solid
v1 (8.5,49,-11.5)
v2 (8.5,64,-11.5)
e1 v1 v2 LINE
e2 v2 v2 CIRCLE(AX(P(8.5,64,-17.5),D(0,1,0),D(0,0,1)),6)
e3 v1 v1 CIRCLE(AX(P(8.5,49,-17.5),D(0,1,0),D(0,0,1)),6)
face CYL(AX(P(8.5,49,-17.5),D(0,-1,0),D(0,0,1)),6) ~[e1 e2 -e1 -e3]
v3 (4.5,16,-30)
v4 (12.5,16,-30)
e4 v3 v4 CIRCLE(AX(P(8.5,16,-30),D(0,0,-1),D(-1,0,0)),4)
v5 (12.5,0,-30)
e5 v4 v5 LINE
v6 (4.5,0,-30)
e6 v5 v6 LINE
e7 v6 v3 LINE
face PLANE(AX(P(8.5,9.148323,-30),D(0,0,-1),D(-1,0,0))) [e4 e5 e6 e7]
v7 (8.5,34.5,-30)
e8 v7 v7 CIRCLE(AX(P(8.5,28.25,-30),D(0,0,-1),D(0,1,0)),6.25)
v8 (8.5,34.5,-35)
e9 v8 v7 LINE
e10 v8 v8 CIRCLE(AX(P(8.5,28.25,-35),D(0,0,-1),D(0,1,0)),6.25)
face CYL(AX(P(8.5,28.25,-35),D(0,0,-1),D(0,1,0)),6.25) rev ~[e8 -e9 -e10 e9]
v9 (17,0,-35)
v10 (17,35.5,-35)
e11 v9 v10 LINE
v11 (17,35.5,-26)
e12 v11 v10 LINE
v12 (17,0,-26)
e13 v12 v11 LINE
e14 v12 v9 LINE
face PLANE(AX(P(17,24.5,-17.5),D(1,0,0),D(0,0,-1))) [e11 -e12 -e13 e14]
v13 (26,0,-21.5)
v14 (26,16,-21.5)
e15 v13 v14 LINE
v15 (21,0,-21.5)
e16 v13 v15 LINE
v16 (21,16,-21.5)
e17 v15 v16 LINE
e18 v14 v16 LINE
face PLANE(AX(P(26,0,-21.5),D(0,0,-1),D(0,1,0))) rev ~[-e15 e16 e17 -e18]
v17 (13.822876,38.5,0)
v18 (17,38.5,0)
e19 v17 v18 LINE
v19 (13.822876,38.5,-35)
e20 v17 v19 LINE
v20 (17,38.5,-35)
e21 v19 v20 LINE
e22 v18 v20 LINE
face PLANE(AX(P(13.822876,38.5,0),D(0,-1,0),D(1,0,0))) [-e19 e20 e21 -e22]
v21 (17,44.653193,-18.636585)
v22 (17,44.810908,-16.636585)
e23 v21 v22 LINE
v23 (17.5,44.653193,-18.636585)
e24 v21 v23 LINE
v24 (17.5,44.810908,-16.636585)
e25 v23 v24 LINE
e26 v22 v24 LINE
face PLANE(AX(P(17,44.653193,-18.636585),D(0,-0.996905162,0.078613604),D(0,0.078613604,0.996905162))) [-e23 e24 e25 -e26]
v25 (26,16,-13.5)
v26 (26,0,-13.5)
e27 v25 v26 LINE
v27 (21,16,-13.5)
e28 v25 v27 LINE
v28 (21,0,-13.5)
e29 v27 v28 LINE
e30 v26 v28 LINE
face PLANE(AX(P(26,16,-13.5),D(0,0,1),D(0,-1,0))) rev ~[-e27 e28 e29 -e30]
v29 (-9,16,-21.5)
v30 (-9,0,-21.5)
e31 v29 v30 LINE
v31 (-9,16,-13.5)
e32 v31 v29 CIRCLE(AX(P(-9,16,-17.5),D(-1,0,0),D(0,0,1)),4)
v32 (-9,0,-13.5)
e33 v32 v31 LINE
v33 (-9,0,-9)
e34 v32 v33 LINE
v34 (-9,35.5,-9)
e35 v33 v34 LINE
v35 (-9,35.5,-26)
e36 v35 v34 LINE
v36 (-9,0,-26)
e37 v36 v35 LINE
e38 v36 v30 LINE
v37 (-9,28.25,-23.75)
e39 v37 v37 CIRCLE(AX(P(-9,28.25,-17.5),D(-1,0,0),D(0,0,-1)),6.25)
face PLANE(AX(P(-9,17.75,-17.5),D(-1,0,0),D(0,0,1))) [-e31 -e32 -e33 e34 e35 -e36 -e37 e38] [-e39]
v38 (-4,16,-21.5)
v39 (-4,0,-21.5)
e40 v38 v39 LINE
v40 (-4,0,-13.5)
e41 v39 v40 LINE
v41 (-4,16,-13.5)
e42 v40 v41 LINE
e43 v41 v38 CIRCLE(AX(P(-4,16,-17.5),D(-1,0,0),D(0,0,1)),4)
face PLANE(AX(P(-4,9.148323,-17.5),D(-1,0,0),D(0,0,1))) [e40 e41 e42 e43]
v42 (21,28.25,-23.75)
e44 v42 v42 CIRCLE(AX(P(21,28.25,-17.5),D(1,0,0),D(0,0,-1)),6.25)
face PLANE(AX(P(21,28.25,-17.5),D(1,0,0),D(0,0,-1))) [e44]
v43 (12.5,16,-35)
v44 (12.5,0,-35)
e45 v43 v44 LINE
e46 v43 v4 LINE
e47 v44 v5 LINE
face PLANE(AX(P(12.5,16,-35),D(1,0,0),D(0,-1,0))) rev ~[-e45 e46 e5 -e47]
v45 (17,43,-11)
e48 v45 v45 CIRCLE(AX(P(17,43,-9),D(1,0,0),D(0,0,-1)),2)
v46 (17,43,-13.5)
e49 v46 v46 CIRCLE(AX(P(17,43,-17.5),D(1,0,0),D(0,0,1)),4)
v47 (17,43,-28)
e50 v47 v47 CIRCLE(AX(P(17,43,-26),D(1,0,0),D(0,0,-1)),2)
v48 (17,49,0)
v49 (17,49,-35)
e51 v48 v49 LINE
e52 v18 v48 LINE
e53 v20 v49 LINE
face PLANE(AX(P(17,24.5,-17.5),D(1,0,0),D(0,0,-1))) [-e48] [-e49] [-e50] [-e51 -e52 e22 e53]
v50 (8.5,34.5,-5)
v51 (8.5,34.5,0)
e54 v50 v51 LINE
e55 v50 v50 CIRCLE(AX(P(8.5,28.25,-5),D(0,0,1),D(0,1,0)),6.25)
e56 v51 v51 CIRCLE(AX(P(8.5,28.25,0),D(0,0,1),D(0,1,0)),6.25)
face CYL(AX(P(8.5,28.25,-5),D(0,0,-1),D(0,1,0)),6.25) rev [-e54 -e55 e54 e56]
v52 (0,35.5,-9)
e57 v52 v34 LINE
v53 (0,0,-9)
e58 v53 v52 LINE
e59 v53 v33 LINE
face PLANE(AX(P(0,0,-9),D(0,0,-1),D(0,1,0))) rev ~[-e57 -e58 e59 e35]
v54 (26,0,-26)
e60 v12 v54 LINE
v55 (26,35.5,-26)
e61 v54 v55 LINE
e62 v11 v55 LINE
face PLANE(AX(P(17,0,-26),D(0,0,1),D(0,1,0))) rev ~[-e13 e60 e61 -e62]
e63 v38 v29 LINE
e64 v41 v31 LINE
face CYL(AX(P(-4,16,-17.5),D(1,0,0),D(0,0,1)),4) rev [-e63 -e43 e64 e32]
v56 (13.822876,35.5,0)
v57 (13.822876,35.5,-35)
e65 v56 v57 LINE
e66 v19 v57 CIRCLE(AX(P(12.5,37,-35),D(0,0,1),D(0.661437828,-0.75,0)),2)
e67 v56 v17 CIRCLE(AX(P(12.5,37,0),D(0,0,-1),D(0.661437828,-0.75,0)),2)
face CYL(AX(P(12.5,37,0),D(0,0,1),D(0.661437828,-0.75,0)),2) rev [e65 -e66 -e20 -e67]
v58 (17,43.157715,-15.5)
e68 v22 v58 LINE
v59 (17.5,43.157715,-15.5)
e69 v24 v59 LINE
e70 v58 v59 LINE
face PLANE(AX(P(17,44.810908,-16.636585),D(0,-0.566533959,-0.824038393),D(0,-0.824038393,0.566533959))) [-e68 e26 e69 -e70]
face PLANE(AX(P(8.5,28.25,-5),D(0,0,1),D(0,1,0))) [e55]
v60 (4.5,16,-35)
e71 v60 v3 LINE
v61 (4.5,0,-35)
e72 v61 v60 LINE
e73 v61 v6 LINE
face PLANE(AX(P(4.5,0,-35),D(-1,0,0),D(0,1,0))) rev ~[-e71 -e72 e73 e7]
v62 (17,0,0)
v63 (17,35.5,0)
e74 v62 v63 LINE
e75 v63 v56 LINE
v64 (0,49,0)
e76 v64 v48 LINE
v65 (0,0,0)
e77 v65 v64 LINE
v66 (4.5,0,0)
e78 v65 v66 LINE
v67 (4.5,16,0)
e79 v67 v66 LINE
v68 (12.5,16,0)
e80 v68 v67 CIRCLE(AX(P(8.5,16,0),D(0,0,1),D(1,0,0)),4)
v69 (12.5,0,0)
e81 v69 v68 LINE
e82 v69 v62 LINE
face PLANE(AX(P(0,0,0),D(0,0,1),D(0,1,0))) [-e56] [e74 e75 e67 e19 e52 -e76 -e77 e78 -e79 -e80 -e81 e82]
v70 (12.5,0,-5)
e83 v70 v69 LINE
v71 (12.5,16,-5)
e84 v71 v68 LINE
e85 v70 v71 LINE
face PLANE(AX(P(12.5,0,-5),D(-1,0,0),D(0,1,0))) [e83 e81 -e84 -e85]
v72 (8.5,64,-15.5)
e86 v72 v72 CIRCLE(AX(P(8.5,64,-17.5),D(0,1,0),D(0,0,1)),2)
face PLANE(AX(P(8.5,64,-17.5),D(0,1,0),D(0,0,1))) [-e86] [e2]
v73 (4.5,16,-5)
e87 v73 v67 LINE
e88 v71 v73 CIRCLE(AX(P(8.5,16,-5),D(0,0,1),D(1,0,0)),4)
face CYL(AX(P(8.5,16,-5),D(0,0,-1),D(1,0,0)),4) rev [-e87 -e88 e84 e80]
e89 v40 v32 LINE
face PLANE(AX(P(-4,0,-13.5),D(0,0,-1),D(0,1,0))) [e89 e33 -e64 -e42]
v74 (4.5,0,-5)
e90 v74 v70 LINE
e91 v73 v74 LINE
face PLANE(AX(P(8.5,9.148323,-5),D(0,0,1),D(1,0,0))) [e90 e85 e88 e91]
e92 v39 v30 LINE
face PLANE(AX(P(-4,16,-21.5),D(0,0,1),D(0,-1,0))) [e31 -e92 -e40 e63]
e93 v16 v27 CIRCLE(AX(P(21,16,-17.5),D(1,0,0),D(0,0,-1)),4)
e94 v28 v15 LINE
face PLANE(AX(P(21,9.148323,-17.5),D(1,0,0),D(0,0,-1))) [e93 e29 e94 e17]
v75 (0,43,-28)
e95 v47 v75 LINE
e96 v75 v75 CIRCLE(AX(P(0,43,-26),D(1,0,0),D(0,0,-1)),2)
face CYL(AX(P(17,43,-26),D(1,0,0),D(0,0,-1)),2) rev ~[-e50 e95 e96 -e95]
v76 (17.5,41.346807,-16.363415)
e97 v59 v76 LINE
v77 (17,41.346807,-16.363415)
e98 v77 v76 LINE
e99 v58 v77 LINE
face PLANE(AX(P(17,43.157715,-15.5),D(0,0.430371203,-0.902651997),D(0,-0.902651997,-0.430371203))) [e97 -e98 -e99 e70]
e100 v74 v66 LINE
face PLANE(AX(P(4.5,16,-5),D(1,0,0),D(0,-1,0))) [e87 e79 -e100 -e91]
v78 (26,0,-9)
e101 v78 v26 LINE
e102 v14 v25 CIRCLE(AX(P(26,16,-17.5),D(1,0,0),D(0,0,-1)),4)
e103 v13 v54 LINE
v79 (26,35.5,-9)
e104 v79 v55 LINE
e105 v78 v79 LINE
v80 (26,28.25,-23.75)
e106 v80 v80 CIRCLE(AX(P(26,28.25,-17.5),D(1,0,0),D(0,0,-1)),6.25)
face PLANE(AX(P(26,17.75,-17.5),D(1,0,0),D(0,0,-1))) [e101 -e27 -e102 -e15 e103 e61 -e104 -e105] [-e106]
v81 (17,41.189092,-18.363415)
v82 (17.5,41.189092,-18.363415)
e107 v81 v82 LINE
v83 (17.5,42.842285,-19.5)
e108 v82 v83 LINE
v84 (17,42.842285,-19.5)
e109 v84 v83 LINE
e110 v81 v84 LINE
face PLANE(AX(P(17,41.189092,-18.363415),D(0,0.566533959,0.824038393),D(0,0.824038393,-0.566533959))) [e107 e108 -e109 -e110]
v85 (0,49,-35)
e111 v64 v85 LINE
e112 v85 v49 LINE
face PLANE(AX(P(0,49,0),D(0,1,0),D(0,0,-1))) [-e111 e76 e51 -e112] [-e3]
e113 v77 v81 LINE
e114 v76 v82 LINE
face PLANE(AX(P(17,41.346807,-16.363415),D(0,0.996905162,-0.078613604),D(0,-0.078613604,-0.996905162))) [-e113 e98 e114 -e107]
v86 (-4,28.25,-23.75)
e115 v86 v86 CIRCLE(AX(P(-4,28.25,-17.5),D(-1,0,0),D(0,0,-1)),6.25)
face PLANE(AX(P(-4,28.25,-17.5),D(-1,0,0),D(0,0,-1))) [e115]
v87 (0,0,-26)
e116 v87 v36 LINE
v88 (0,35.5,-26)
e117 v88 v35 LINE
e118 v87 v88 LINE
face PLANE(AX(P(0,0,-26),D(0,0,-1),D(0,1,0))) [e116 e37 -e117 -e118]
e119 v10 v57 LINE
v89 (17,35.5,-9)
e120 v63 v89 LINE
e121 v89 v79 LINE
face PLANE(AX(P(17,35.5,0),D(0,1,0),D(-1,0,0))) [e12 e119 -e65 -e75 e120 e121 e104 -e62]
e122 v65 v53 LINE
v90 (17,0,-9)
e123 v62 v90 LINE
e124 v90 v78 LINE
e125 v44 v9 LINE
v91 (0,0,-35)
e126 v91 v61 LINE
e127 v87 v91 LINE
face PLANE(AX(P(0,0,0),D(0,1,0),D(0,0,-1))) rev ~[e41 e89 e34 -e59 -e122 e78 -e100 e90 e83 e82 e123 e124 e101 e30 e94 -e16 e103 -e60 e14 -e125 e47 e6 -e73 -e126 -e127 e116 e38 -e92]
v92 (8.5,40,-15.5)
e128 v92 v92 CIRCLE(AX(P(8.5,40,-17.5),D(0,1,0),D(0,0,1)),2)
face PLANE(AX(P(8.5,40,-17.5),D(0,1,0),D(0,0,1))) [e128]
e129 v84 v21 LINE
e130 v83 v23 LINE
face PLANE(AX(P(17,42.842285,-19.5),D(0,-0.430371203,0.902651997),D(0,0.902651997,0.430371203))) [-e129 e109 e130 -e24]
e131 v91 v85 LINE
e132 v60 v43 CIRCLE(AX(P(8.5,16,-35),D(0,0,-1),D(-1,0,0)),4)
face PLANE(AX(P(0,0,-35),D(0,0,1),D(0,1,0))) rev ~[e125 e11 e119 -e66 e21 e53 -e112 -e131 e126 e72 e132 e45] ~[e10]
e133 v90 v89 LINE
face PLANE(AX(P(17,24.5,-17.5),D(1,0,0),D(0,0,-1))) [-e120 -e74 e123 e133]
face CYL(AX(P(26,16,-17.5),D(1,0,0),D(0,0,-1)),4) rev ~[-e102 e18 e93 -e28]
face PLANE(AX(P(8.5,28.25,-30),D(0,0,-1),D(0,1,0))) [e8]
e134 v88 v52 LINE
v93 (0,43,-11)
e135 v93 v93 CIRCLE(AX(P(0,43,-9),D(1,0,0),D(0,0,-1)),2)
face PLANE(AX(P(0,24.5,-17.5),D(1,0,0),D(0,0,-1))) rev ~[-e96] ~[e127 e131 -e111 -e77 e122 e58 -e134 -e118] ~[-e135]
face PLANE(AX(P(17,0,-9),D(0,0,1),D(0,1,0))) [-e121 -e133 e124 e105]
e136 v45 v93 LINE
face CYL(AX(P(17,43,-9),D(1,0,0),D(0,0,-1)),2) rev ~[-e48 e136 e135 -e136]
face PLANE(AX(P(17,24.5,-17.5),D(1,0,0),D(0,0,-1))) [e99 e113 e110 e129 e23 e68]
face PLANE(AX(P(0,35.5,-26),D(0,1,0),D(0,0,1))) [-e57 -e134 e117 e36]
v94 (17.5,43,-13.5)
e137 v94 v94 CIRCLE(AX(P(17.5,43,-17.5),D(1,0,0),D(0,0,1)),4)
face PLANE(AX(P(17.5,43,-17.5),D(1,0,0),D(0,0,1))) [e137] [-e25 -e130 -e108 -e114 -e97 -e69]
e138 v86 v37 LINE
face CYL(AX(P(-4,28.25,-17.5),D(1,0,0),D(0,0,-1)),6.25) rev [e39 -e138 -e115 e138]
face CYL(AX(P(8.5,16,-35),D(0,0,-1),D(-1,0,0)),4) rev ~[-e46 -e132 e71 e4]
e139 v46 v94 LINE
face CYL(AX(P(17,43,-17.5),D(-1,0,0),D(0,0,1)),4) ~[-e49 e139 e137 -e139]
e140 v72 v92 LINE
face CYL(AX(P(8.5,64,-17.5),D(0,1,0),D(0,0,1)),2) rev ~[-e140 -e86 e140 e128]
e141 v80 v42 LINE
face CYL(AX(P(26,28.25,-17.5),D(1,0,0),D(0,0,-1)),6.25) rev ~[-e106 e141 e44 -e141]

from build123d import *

# Parameters (mm, degrees)
SKETCH1_W           = 35
SKETCH1_H           = 49
BOSS_EXTRUDE1_DEPTH = 17
SKETCH2_R           = 2
CUT_EXTRUDE1_DEPTH  = 37
SKETCH3_W           = 17
SKETCH3_H           = 35.5
BOSS_EXTRUDE2_DEPTH = 9
SKETCH4_W           = 17
SKETCH4_H           = 35.5
BOSS_EXTRUDE3_DEPTH = 9
CUT_EXTRUDE2_DEPTH  = 59
SKETCH6_R           = 6.25
CUT_EXTRUDE3_DEPTH  = 5
CUT_EXTRUDE4_START  = -5
SKETCH7_R           = 6.25
CUT_EXTRUDE4_DEPTH  = 5
SKETCH8_R           = 6.25
CUT_EXTRUDE5_DEPTH  = 5
CUT_EXTRUDE6_START  = -5
SKETCH9_R           = 6.25
CUT_EXTRUDE6_DEPTH  = 5
SKETCH10_R          = 4
BOSS_EXTRUDE4_DEPTH = 0.5
CUT_EXTRUDE7_DEPTH  = 5
CUT_EXTRUDE8_START  = -5
CUT_EXTRUDE8_DEPTH  = 5
CUT_EXTRUDE9_DEPTH  = 5
CUT_EXTRUDE10_START = -5
CUT_EXTRUDE10_DEPTH = 5
SKETCH15_R          = 6
BOSS_EXTRUDE5_DEPTH = 15
SKETCH19_R          = 2
CUT_EXTRUDE11_DEPTH = 24


with BuildPart() as part:
    # Sketch1 → Boss-Extrude1 (new body)
    with BuildSketch(Plane(origin=(0, 0, 0), x_dir=(0, 0, -1), z_dir=(1, 0, 0))):
        with Locations((17.5, 24.5)):
            Rectangle(SKETCH1_W, SKETCH1_H)
    extrude(amount=BOSS_EXTRUDE1_DEPTH)

    # Sketch2 → Cut-Extrude1 (cut)
    with BuildSketch(Plane(origin=(17, 0, 0), x_dir=(0, 0, -1), z_dir=(1, 0, 0))):
        with Locations((9, 43)):
            Circle(SKETCH2_R)
        with Locations((26, 43)):
            Circle(SKETCH2_R)
    extrude(amount=-CUT_EXTRUDE1_DEPTH, mode=Mode.SUBTRACT)

    # Sketch3 → Boss-Extrude2 (add)
    with BuildSketch(Plane(origin=(17, 0, 0), x_dir=(0, 0, -1), z_dir=(1, 0, 0))):
        with Locations((17.5, 17.75)):
            Rectangle(SKETCH3_W, SKETCH3_H)
    extrude(amount=BOSS_EXTRUDE2_DEPTH)

    # Sketch4 → Boss-Extrude3 (add)
    with BuildSketch(Plane.ZY):
        with Locations((-17.5, 17.75)):
            Rectangle(SKETCH4_W, SKETCH4_H)
    extrude(amount=BOSS_EXTRUDE3_DEPTH)

    # Sketch5 → Cut-Extrude2 (cut)
    with BuildSketch(Plane.XY):
        with BuildLine():
            Line((17, 35.5), (13.822875656, 35.5))
            ThreePointArc((13.822875656, 35.5), (10.5, 37), (13.822875656, 38.5))
            Line((13.822875656, 38.5), (17, 38.5))
            Line((17, 38.5), (17, 35.5))
        make_face()
    extrude(amount=-CUT_EXTRUDE2_DEPTH, mode=Mode.SUBTRACT)

    # Sketch6 → Cut-Extrude3 (cut)
    with BuildSketch(Plane(origin=(26, 0, 0), x_dir=(0, 0, -1), z_dir=(1, 0, 0))):
        with Locations((17.5, 28.25)):
            Circle(SKETCH6_R)
    extrude(amount=-CUT_EXTRUDE3_DEPTH, mode=Mode.SUBTRACT)

    # Sketch7 → Cut-Extrude4 (cut)
    with BuildSketch(Plane.ZY.offset(9).offset(CUT_EXTRUDE4_START)):
        with Locations(Location((-17.5, 28.25, 0), (0, 0, 180))):
            Circle(SKETCH7_R)
    extrude(amount=CUT_EXTRUDE4_DEPTH, mode=Mode.SUBTRACT)

    # Sketch8 → Cut-Extrude5 (cut)
    with BuildSketch(Plane(origin=(0, 0, -35), x_dir=(-1, 0, 0), z_dir=(0, 0, -1))):
        with Locations(Location((-8.5, 28.25, 0), (0, 0, 90))):
            Circle(SKETCH8_R)
    extrude(amount=-CUT_EXTRUDE5_DEPTH, mode=Mode.SUBTRACT)

    # Sketch9 → Cut-Extrude6 (cut)
    with BuildSketch(Plane.XY.offset(CUT_EXTRUDE6_START)):
        with Locations(Location((8.5, 28.25, 0), (0, 0, 90))):
            Circle(SKETCH9_R)
    extrude(amount=CUT_EXTRUDE6_DEPTH, mode=Mode.SUBTRACT)

    # Sketch10 → Boss-Extrude4 (add)
    with BuildSketch(Plane(origin=(17, 0, 0), x_dir=(0, 0, -1), z_dir=(1, 0, 0))):
        with Locations(Location((17.5, 43, 0), (0, 0, 180))):
            Circle(SKETCH10_R)
        Polygon((18.636585466, 44.653193152), (16.636585466, 44.810908463), (15.5, 43.157715311), (16.363414534, 41.346806848), (18.363414534, 41.189091537), (19.5, 42.842284689), align=None, mode=Mode.SUBTRACT)
    extrude(amount=BOSS_EXTRUDE4_DEPTH)

    # Sketch11 → Cut-Extrude7 (cut)
    with BuildSketch(Plane(origin=(26, 0, 0), x_dir=(0, 0, -1), z_dir=(1, 0, 0))):
        with BuildLine():
            Line((13.5, 0), (21.5, 0))
            Line((21.5, 0), (21.5, 16))
            ThreePointArc((21.5, 16), (17.5, 20), (13.5, 16))
            Line((13.5, 16), (13.5, 0))
        make_face()
    extrude(amount=-CUT_EXTRUDE7_DEPTH, mode=Mode.SUBTRACT)

    # Sketch12 → Cut-Extrude8 (cut)
    with BuildSketch(Plane.ZY.offset(9).offset(CUT_EXTRUDE8_START)):
        with BuildLine():
            Line((-21.5, 0), (-13.5, 0))
            Line((-13.5, 0), (-13.5, 16))
            ThreePointArc((-13.5, 16), (-17.5, 20), (-21.5, 16))
            Line((-21.5, 16), (-21.5, 0))
        make_face()
    extrude(amount=CUT_EXTRUDE8_DEPTH, mode=Mode.SUBTRACT)

    # Sketch13 → Cut-Extrude9 (cut)
    with BuildSketch(Plane(origin=(0, 0, -35), x_dir=(-1, 0, 0), z_dir=(0, 0, -1))):
        with BuildLine():
            Line((-12.5, 0), (-4.5, 0))
            Line((-4.5, 0), (-4.5, 16))
            ThreePointArc((-4.5, 16), (-8.5, 20), (-12.5, 16))
            Line((-12.5, 16), (-12.5, 0))
        make_face()
    extrude(amount=-CUT_EXTRUDE9_DEPTH, mode=Mode.SUBTRACT)

    # Sketch14 → Cut-Extrude10 (cut)
    with BuildSketch(Plane.XY.offset(CUT_EXTRUDE10_START)):
        with BuildLine():
            Line((4.5, 0), (12.5, 0))
            Line((12.5, 0), (12.5, 16))
            ThreePointArc((12.5, 16), (8.5, 20), (4.5, 16))
            Line((4.5, 16), (4.5, 0))
        make_face()
    extrude(amount=CUT_EXTRUDE10_DEPTH, mode=Mode.SUBTRACT)

    # Sketch15 → Boss-Extrude5 (add)
    with BuildSketch(Plane(origin=(0, 49, 0), x_dir=(1, 0, 0), z_dir=(0, 1, 0))):
        with Locations(Location((8.5, 17.5, 0), (0, 0, 270))):
            Circle(SKETCH15_R)
    extrude(amount=BOSS_EXTRUDE5_DEPTH)

    # Sketch19 → Cut-Extrude11 (cut)
    with BuildSketch(Plane(origin=(0, 64, 0), x_dir=(1, 0, 0), z_dir=(0, 1, 0))):
        with Locations(Location((8.5, 17.5, 0), (0, 0, 270))):
            Circle(SKETCH19_R)
    extrude(amount=-CUT_EXTRUDE11_DEPTH, mode=Mode.SUBTRACT)


solid = part.part
